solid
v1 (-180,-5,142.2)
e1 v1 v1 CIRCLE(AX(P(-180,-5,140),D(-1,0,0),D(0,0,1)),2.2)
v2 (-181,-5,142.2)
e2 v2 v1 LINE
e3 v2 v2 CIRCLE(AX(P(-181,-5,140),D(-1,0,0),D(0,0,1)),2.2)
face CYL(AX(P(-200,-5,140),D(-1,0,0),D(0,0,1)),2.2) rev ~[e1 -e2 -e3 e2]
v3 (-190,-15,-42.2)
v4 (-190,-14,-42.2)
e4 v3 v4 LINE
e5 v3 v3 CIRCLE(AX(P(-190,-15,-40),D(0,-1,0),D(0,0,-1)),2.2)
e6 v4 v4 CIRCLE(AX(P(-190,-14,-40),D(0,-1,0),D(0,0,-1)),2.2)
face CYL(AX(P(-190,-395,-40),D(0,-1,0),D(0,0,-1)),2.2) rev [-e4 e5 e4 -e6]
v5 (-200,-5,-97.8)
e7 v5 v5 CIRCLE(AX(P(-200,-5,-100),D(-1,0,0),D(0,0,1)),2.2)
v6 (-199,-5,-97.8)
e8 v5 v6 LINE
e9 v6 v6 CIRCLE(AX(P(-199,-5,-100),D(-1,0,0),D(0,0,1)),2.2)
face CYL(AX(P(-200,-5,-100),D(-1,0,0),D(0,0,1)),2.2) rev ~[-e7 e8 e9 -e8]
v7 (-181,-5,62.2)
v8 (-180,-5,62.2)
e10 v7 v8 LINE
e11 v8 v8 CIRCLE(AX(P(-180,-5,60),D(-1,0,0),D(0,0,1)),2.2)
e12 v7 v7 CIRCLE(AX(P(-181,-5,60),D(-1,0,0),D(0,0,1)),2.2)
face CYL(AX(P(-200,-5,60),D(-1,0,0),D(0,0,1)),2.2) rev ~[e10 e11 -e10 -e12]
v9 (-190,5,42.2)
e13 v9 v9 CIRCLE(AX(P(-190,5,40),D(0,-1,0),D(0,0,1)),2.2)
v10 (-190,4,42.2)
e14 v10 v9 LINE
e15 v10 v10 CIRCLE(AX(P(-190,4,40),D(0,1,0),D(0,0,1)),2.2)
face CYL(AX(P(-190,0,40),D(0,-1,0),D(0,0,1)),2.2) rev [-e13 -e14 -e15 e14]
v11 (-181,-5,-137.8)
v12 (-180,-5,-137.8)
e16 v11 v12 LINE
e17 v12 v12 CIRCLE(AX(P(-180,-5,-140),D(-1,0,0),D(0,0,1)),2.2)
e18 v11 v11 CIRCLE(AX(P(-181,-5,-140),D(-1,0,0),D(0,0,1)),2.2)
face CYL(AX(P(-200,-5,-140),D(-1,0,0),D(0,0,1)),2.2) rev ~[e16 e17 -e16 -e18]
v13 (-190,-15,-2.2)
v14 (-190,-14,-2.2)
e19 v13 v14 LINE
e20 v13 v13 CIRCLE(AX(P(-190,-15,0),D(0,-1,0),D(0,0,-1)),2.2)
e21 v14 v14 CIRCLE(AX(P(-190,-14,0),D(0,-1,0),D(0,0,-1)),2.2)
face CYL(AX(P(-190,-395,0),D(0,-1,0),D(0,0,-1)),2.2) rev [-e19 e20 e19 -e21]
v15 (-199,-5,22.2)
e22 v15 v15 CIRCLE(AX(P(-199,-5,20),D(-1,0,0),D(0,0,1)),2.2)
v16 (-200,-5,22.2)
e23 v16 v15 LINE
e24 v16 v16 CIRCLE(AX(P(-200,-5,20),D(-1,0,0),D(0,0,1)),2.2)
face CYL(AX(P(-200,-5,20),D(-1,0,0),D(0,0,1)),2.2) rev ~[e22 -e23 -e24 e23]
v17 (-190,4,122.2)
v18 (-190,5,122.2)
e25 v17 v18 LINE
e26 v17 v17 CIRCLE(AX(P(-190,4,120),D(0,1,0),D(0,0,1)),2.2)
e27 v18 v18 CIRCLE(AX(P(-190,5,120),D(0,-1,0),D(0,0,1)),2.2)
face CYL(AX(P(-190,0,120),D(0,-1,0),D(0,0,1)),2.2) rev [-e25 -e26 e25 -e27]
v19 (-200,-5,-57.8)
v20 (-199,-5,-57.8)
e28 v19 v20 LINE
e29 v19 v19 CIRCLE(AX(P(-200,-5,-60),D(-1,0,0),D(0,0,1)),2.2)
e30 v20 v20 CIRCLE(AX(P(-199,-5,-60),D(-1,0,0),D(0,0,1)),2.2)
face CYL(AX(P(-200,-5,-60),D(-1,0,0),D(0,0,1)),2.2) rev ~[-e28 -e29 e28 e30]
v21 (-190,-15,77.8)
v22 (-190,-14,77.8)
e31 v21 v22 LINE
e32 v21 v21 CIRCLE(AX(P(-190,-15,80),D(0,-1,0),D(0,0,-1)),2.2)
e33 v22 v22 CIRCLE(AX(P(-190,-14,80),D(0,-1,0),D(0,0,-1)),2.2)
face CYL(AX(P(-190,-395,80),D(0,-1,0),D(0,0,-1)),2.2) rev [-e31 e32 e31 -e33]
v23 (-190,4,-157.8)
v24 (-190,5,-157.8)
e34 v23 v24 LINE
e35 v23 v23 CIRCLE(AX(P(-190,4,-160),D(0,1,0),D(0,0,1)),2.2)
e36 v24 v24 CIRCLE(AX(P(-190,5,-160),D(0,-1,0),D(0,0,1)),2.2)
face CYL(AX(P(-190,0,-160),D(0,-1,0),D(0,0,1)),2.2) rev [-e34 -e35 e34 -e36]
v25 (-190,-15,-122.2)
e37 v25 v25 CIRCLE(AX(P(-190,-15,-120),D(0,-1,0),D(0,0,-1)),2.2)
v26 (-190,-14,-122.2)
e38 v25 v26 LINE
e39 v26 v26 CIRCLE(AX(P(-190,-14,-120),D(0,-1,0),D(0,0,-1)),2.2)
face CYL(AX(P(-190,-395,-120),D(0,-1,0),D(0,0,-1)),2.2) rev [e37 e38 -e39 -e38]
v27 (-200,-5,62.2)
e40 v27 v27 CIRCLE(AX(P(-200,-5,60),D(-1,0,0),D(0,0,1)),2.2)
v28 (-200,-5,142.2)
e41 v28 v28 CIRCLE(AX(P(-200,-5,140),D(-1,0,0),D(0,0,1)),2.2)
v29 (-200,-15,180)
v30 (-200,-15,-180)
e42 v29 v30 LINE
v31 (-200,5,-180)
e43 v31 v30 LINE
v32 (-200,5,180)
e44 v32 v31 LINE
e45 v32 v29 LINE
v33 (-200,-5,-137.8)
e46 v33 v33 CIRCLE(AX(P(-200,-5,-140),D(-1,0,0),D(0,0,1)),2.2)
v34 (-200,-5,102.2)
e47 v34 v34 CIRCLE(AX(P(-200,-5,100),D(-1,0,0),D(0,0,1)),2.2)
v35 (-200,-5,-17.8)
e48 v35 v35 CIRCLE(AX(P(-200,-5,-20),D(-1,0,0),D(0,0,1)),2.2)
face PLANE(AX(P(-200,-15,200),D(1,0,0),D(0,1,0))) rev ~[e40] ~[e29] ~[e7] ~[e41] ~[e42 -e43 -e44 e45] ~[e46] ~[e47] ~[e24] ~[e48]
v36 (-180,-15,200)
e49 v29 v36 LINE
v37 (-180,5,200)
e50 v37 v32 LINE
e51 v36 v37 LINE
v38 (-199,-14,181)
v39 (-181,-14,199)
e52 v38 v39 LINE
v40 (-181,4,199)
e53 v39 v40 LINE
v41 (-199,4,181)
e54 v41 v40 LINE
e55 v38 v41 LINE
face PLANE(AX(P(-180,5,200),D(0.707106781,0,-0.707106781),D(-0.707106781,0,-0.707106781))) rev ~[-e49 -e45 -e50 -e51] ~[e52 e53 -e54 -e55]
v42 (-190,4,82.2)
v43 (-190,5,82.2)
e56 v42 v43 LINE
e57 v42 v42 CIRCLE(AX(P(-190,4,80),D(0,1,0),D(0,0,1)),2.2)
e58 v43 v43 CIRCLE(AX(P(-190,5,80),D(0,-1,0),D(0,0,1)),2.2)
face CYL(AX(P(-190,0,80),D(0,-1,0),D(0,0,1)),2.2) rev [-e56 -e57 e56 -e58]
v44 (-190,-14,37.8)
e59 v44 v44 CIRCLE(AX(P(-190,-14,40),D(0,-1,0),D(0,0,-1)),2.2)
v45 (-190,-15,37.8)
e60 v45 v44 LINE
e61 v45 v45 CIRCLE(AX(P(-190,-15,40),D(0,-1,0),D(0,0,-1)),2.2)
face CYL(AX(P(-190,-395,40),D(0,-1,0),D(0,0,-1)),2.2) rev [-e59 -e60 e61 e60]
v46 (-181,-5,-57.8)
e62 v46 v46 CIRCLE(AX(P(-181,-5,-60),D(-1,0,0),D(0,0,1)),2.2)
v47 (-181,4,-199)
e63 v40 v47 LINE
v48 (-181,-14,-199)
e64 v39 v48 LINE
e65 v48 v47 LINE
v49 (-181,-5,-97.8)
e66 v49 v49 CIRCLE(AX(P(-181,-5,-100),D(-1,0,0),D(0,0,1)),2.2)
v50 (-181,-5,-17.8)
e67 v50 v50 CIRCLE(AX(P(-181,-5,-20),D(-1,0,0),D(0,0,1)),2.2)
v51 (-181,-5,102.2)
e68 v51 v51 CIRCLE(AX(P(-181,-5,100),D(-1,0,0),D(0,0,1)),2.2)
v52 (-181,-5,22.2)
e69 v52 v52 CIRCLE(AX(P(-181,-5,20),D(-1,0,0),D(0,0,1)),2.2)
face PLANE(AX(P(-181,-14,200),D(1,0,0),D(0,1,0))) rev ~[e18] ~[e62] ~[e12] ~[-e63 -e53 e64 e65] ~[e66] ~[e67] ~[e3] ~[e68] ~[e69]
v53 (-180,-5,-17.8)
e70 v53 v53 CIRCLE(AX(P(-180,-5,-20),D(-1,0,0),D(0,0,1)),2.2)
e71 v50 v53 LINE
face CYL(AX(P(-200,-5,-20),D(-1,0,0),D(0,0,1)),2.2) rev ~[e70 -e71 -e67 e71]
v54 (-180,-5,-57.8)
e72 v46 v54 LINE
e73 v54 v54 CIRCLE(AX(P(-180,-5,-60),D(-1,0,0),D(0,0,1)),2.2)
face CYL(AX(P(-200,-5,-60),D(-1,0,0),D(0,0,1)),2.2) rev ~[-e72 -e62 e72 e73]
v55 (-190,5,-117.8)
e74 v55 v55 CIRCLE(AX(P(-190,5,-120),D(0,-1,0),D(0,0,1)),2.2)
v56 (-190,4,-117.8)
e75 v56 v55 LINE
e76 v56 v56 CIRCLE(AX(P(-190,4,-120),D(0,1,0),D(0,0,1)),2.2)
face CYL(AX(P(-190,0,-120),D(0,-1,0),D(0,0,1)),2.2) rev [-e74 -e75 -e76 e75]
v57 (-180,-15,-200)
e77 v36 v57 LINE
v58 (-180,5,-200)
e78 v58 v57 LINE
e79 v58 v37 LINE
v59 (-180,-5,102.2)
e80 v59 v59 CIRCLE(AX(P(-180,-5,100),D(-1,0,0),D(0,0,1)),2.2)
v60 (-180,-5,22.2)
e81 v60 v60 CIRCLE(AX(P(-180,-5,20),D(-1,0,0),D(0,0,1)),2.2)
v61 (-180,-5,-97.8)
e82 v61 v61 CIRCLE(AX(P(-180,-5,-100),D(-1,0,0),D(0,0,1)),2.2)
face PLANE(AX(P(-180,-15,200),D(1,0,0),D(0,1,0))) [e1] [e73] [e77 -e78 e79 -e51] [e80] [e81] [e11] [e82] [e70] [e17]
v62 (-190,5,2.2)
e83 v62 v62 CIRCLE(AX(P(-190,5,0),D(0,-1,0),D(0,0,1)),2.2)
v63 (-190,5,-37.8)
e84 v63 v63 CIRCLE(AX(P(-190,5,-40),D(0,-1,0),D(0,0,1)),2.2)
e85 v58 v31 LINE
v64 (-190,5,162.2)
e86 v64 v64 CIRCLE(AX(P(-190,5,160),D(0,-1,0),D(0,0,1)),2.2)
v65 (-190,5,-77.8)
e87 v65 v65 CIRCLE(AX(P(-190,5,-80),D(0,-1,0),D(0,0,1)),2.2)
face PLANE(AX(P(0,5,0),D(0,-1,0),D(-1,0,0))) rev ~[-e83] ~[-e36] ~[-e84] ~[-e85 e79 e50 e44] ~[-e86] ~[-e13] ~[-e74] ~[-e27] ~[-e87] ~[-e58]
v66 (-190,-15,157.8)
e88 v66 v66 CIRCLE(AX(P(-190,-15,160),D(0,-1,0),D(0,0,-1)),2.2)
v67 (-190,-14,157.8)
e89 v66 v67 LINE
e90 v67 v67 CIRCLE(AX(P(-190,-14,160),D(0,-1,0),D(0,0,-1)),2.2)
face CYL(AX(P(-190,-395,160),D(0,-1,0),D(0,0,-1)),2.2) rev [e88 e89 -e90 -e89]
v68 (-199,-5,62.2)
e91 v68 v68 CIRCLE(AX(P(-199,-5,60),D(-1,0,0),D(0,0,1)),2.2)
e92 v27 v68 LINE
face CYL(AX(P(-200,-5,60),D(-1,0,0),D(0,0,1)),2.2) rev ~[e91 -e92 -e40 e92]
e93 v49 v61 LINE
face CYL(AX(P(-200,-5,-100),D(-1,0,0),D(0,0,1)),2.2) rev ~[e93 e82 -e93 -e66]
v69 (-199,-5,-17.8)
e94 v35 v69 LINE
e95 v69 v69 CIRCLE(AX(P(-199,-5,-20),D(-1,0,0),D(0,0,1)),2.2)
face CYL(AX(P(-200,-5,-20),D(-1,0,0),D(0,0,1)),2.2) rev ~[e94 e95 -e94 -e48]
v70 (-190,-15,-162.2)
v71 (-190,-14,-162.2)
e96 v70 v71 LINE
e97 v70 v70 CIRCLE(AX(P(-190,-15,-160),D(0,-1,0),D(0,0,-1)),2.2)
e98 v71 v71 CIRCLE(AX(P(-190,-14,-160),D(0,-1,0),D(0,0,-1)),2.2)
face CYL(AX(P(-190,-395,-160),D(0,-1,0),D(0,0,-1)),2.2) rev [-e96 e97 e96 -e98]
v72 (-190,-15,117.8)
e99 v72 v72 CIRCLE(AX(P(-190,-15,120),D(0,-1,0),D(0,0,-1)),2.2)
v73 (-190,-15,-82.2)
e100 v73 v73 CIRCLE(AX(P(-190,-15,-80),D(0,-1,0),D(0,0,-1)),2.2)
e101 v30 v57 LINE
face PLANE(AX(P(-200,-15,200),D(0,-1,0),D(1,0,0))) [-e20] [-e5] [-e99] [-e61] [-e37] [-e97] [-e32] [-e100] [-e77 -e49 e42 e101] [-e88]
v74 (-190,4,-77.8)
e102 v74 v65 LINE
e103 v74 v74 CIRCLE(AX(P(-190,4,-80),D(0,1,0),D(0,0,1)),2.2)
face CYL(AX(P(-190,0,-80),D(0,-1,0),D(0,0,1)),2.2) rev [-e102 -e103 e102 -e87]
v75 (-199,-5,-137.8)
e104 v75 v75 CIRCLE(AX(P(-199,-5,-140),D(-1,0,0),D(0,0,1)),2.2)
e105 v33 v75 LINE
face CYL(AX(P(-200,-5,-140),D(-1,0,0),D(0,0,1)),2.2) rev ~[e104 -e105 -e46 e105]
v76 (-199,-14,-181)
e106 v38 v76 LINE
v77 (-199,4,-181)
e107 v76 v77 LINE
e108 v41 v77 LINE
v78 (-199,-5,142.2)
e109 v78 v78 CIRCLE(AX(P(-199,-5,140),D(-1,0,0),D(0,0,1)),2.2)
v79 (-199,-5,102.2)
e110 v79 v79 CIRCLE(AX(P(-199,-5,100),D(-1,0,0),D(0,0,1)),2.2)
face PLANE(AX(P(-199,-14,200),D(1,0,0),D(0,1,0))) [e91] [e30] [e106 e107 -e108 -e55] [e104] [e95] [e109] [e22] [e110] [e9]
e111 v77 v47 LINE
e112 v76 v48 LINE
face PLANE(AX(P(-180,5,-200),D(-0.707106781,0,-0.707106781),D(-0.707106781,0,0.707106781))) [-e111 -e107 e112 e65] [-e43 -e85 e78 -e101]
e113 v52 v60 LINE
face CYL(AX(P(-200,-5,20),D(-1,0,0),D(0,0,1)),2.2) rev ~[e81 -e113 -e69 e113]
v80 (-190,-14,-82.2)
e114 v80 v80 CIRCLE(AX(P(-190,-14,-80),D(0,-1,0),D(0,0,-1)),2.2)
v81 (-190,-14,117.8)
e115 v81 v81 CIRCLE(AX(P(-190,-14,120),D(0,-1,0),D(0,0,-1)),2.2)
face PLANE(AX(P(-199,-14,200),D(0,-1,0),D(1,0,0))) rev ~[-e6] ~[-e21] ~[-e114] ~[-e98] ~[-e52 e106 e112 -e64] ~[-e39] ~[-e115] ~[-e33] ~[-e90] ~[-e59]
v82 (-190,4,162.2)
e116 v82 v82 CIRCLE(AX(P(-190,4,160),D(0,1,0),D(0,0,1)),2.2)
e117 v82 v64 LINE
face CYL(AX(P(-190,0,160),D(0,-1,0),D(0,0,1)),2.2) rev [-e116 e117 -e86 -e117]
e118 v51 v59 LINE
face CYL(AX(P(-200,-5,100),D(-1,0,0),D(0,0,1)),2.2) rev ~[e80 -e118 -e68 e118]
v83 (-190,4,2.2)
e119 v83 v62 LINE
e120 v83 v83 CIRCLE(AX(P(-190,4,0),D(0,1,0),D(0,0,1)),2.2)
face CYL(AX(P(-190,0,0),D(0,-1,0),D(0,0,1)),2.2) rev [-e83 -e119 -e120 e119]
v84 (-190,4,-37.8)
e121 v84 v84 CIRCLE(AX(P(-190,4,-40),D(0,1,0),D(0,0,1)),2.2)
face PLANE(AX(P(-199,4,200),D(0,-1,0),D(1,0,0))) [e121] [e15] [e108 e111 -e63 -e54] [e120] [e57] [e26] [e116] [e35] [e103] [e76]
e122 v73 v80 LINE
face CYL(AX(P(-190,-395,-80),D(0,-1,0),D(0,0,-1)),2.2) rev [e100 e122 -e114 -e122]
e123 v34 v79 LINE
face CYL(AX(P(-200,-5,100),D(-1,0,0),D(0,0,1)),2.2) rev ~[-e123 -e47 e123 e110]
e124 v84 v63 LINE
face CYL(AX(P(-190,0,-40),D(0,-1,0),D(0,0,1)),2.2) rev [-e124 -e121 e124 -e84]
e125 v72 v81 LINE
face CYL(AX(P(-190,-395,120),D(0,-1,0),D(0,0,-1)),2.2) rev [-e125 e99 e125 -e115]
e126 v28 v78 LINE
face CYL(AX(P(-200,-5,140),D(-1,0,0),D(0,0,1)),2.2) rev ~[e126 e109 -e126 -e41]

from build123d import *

# Parameters (mm, degrees)
SKETCH_1_R          = 2.2
EXTRUDE_1_DEPTH     = 5
CUT_EXTRUDE_2_DEPTH = 5
SKETCH_3_W          = 20
SKETCH_3_H          = 15
EXTRUDE_2_DEPTH     = 400
SKETCH_4_W          = 18
SKETCH_4_H          = 18
CUT_EXTRUDE_4_DEPTH = 400
CUT_EXTRUDE_5_DEPTH = 400
CUT_EXTRUDE_START   = -400
SKETCH_6_R          = 2.2
CUT_EXTRUDE_6_DEPTH = 400
SKETCH_7_R          = 2.2
CUT_EXTRUDE_7_DEPTH = 40


with BuildPart() as part:
    # 草图1 → 凸台-拉伸1 (new body)
    with BuildSketch(Plane(origin=(0, 0, 0), x_dir=(1, 0, 0), z_dir=(0, 1, 0))):
        Polygon((40, 200), (80, 200), (80, 205), (120, 205), (120, 200), (160, 200), (160, 205), (200, 205), (205, 205), (205, 200), (205, 160), (200, 160), (200, 120), (205, 120), (205, 80), (200, 80), (200, 40), (205, 40), (205, -40), (200, -40), (200, -80), (205, -80), (205, -120), (200, -120), (200, -160), (205, -160), (205, -200), (205, -205), (200, -205), (160, -205), (160, -200), (120, -200), (120, -205), (80, -205), (80, -200), (40, -200), (40, -205), (-40, -205), (-40, -200), (-80, -200), (-80, -205), (-120, -205), (-120, -200), (-160, -200), (-160, -205), (-200, -205), (-205, -205), (-205, -200), (-205, -160), (-200, -160), (-200, -120), (-205, -120), (-205, -80), (-200, -80), (-200, -40), (-205, -40), (-205, 40), (-200, 40), (-200, 80), (-205, 80), (-205, 120), (-200, 120), (-200, 160), (-205, 160), (-205, 200), (-205, 205), (-200, 205), (-160, 205), (-160, 200), (-120, 200), (-120, 205), (-80, 205), (-80, 200), (-40, 200), (-40, 205), (40, 205), align=None)
        with Locations(Location((-190, 0, 0), (0, 0, 270))):
            Circle(SKETCH_1_R, mode=Mode.SUBTRACT)
        with Locations(Location((-190, 40, 0), (0, 0, 270))):
            Circle(SKETCH_1_R, mode=Mode.SUBTRACT)
        with Locations(Location((-190, 80, 0), (0, 0, 270))):
            Circle(SKETCH_1_R, mode=Mode.SUBTRACT)
        with Locations(Location((-190, 120, 0), (0, 0, 270))):
            Circle(SKETCH_1_R, mode=Mode.SUBTRACT)
        with Locations(Location((-190, 160, 0), (0, 0, 270))):
            Circle(SKETCH_1_R, mode=Mode.SUBTRACT)
        with Locations(Location((-190, -160, 0), (0, 0, 270))):
            Circle(SKETCH_1_R, mode=Mode.SUBTRACT)
        with Locations(Location((-190, -120, 0), (0, 0, 270))):
            Circle(SKETCH_1_R, mode=Mode.SUBTRACT)
        with Locations(Location((-190, -80, 0), (0, 0, 270))):
            Circle(SKETCH_1_R, mode=Mode.SUBTRACT)
        with Locations(Location((-190, -40, 0), (0, 0, 270))):
            Circle(SKETCH_1_R, mode=Mode.SUBTRACT)
        with Locations(Location((0, 190, 0), (0, 0, 270))):
            Circle(SKETCH_1_R, mode=Mode.SUBTRACT)
        with Locations(Location((40, 190, 0), (0, 0, 270))):
            Circle(SKETCH_1_R, mode=Mode.SUBTRACT)
        with Locations(Location((80, 190, 0), (0, 0, 270))):
            Circle(SKETCH_1_R, mode=Mode.SUBTRACT)
        with Locations(Location((120, 190, 0), (0, 0, 270))):
            Circle(SKETCH_1_R, mode=Mode.SUBTRACT)
        with Locations(Location((160, 190, 0), (0, 0, 270))):
            Circle(SKETCH_1_R, mode=Mode.SUBTRACT)
        with Locations(Location((-160, 190, 0), (0, 0, 270))):
            Circle(SKETCH_1_R, mode=Mode.SUBTRACT)
        with Locations(Location((-120, 190, 0), (0, 0, 270))):
            Circle(SKETCH_1_R, mode=Mode.SUBTRACT)
        with Locations(Location((-80, 190, 0), (0, 0, 270))):
            Circle(SKETCH_1_R, mode=Mode.SUBTRACT)
        with Locations(Location((-40, 190, 0), (0, 0, 270))):
            Circle(SKETCH_1_R, mode=Mode.SUBTRACT)
        with Locations(Location((190, 0, 0), (0, 0, 270))):
            Circle(SKETCH_1_R, mode=Mode.SUBTRACT)
        with Locations(Location((190, -40, 0), (0, 0, 270))):
            Circle(SKETCH_1_R, mode=Mode.SUBTRACT)
        with Locations(Location((190, -80, 0), (0, 0, 270))):
            Circle(SKETCH_1_R, mode=Mode.SUBTRACT)
        with Locations(Location((190, -120, 0), (0, 0, 270))):
            Circle(SKETCH_1_R, mode=Mode.SUBTRACT)
        with Locations(Location((190, -160, 0), (0, 0, 270))):
            Circle(SKETCH_1_R, mode=Mode.SUBTRACT)
        with Locations(Location((190, 160, 0), (0, 0, 270))):
            Circle(SKETCH_1_R, mode=Mode.SUBTRACT)
        with Locations(Location((190, 120, 0), (0, 0, 270))):
            Circle(SKETCH_1_R, mode=Mode.SUBTRACT)
        with Locations(Location((190, 80, 0), (0, 0, 270))):
            Circle(SKETCH_1_R, mode=Mode.SUBTRACT)
        with Locations(Location((190, 40, 0), (0, 0, 270))):
            Circle(SKETCH_1_R, mode=Mode.SUBTRACT)
        with Locations(Location((0, -190, 0), (0, 0, 270))):
            Circle(SKETCH_1_R, mode=Mode.SUBTRACT)
        with Locations(Location((-40, -190, 0), (0, 0, 270))):
            Circle(SKETCH_1_R, mode=Mode.SUBTRACT)
        with Locations(Location((-80, -190, 0), (0, 0, 270))):
            Circle(SKETCH_1_R, mode=Mode.SUBTRACT)
        with Locations(Location((-120, -190, 0), (0, 0, 270))):
            Circle(SKETCH_1_R, mode=Mode.SUBTRACT)
        with Locations(Location((-160, -190, 0), (0, 0, 270))):
            Circle(SKETCH_1_R, mode=Mode.SUBTRACT)
        with Locations(Location((160, -190, 0), (0, 0, 270))):
            Circle(SKETCH_1_R, mode=Mode.SUBTRACT)
        with Locations(Location((120, -190, 0), (0, 0, 270))):
            Circle(SKETCH_1_R, mode=Mode.SUBTRACT)
        with Locations(Location((80, -190, 0), (0, 0, 270))):
            Circle(SKETCH_1_R, mode=Mode.SUBTRACT)
        with Locations(Location((40, -190, 0), (0, 0, 270))):
            Circle(SKETCH_1_R, mode=Mode.SUBTRACT)
    extrude(amount=EXTRUDE_1_DEPTH)

    # 草图2 → 切除-拉伸2 (cut)
    with BuildSketch(Plane(origin=(0, 5, 0), x_dir=(1, 0, 0), z_dir=(0, 1, 0))):
        Polygon((-262.338764773, 278.332609162), (-269.219830918, -271.432403188), (296.387975763, -278.51176372), (303.269041909, 271.25324863), align=None)
        Polygon((-180, -180), (-180, -200), (-200, -200), (-200, -160), (-200, 200), (-180, 200), (-180, 180), (-180, -160), align=None, mode=Mode.SUBTRACT)
    extrude(amount=-CUT_EXTRUDE_2_DEPTH, mode=Mode.SUBTRACT)

    # 草图3 → 凸台-拉伸2 (add)
    with BuildSketch(Plane.XY.offset(200)):
        with Locations((-190, -7.5)):
            Rectangle(SKETCH_3_W, SKETCH_3_H)
    extrude(amount=-EXTRUDE_2_DEPTH)

    # 草图4 → 切除-拉伸4 (cut)
    with BuildSketch(Plane.XY.offset(200)):
        with Locations((-190, -5)):
            Rectangle(SKETCH_4_W, SKETCH_4_H)
    extrude(amount=-CUT_EXTRUDE_4_DEPTH, mode=Mode.SUBTRACT)

    # 草图5 → 切除-拉伸5 (cut)
    with BuildSketch(Plane(origin=(0, 5, 0), x_dir=(1, 0, 0), z_dir=(0, 1, 0))):
        Polygon((-180, -200), (-200, -180), (-200, -200), align=None)
        Polygon((-200, 200), (-180, 200), (-200, 180), align=None)
    extrude(amount=-CUT_EXTRUDE_5_DEPTH, mode=Mode.SUBTRACT)

    # 草图6 → 切除-拉伸6 (cut)
    with BuildSketch(Plane(origin=(0, 5, 0), x_dir=(1, 0, 0), z_dir=(0, 1, 0)).offset(CUT_EXTRUDE_START)):
        with Locations(Location((-190, 160, 0), (0, 0, 90))):
            Circle(SKETCH_6_R)
        with Locations(Location((-190, 120, 0), (0, 0, 90))):
            Circle(SKETCH_6_R)
        with Locations(Location((-190, 80, 0), (0, 0, 90))):
            Circle(SKETCH_6_R)
        with Locations(Location((-190, 40, 0), (0, 0, 90))):
            Circle(SKETCH_6_R)
        with Locations(Location((-190, 0, 0), (0, 0, 90))):
            Circle(SKETCH_6_R)
        with Locations(Location((-190, -40, 0), (0, 0, 90))):
            Circle(SKETCH_6_R)
        with Locations(Location((-190, -80, 0), (0, 0, 90))):
            Circle(SKETCH_6_R)
        with Locations(Location((-190, -120, 0), (0, 0, 90))):
            Circle(SKETCH_6_R)
        with Locations(Location((-190, -160, 0), (0, 0, 90))):
            Circle(SKETCH_6_R)
    extrude(amount=CUT_EXTRUDE_6_DEPTH, mode=Mode.SUBTRACT)

    # 草图7 → 切除-拉伸7 (cut)
    with BuildSketch(Plane.ZY.offset(200)):
        with Locations((-140, -5)):
            Circle(SKETCH_7_R)
        with Locations((-100, -5)):
            Circle(SKETCH_7_R)
        with Locations((-60, -5)):
            Circle(SKETCH_7_R)
        with Locations((-20, -5)):
            Circle(SKETCH_7_R)
        with Locations((20, -5)):
            Circle(SKETCH_7_R)
        with Locations((60, -5)):
            Circle(SKETCH_7_R)
        with Locations((100, -5)):
            Circle(SKETCH_7_R)
        with Locations((140, -5)):
            Circle(SKETCH_7_R)
    extrude(amount=-CUT_EXTRUDE_7_DEPTH, mode=Mode.SUBTRACT)


solid = part.part
